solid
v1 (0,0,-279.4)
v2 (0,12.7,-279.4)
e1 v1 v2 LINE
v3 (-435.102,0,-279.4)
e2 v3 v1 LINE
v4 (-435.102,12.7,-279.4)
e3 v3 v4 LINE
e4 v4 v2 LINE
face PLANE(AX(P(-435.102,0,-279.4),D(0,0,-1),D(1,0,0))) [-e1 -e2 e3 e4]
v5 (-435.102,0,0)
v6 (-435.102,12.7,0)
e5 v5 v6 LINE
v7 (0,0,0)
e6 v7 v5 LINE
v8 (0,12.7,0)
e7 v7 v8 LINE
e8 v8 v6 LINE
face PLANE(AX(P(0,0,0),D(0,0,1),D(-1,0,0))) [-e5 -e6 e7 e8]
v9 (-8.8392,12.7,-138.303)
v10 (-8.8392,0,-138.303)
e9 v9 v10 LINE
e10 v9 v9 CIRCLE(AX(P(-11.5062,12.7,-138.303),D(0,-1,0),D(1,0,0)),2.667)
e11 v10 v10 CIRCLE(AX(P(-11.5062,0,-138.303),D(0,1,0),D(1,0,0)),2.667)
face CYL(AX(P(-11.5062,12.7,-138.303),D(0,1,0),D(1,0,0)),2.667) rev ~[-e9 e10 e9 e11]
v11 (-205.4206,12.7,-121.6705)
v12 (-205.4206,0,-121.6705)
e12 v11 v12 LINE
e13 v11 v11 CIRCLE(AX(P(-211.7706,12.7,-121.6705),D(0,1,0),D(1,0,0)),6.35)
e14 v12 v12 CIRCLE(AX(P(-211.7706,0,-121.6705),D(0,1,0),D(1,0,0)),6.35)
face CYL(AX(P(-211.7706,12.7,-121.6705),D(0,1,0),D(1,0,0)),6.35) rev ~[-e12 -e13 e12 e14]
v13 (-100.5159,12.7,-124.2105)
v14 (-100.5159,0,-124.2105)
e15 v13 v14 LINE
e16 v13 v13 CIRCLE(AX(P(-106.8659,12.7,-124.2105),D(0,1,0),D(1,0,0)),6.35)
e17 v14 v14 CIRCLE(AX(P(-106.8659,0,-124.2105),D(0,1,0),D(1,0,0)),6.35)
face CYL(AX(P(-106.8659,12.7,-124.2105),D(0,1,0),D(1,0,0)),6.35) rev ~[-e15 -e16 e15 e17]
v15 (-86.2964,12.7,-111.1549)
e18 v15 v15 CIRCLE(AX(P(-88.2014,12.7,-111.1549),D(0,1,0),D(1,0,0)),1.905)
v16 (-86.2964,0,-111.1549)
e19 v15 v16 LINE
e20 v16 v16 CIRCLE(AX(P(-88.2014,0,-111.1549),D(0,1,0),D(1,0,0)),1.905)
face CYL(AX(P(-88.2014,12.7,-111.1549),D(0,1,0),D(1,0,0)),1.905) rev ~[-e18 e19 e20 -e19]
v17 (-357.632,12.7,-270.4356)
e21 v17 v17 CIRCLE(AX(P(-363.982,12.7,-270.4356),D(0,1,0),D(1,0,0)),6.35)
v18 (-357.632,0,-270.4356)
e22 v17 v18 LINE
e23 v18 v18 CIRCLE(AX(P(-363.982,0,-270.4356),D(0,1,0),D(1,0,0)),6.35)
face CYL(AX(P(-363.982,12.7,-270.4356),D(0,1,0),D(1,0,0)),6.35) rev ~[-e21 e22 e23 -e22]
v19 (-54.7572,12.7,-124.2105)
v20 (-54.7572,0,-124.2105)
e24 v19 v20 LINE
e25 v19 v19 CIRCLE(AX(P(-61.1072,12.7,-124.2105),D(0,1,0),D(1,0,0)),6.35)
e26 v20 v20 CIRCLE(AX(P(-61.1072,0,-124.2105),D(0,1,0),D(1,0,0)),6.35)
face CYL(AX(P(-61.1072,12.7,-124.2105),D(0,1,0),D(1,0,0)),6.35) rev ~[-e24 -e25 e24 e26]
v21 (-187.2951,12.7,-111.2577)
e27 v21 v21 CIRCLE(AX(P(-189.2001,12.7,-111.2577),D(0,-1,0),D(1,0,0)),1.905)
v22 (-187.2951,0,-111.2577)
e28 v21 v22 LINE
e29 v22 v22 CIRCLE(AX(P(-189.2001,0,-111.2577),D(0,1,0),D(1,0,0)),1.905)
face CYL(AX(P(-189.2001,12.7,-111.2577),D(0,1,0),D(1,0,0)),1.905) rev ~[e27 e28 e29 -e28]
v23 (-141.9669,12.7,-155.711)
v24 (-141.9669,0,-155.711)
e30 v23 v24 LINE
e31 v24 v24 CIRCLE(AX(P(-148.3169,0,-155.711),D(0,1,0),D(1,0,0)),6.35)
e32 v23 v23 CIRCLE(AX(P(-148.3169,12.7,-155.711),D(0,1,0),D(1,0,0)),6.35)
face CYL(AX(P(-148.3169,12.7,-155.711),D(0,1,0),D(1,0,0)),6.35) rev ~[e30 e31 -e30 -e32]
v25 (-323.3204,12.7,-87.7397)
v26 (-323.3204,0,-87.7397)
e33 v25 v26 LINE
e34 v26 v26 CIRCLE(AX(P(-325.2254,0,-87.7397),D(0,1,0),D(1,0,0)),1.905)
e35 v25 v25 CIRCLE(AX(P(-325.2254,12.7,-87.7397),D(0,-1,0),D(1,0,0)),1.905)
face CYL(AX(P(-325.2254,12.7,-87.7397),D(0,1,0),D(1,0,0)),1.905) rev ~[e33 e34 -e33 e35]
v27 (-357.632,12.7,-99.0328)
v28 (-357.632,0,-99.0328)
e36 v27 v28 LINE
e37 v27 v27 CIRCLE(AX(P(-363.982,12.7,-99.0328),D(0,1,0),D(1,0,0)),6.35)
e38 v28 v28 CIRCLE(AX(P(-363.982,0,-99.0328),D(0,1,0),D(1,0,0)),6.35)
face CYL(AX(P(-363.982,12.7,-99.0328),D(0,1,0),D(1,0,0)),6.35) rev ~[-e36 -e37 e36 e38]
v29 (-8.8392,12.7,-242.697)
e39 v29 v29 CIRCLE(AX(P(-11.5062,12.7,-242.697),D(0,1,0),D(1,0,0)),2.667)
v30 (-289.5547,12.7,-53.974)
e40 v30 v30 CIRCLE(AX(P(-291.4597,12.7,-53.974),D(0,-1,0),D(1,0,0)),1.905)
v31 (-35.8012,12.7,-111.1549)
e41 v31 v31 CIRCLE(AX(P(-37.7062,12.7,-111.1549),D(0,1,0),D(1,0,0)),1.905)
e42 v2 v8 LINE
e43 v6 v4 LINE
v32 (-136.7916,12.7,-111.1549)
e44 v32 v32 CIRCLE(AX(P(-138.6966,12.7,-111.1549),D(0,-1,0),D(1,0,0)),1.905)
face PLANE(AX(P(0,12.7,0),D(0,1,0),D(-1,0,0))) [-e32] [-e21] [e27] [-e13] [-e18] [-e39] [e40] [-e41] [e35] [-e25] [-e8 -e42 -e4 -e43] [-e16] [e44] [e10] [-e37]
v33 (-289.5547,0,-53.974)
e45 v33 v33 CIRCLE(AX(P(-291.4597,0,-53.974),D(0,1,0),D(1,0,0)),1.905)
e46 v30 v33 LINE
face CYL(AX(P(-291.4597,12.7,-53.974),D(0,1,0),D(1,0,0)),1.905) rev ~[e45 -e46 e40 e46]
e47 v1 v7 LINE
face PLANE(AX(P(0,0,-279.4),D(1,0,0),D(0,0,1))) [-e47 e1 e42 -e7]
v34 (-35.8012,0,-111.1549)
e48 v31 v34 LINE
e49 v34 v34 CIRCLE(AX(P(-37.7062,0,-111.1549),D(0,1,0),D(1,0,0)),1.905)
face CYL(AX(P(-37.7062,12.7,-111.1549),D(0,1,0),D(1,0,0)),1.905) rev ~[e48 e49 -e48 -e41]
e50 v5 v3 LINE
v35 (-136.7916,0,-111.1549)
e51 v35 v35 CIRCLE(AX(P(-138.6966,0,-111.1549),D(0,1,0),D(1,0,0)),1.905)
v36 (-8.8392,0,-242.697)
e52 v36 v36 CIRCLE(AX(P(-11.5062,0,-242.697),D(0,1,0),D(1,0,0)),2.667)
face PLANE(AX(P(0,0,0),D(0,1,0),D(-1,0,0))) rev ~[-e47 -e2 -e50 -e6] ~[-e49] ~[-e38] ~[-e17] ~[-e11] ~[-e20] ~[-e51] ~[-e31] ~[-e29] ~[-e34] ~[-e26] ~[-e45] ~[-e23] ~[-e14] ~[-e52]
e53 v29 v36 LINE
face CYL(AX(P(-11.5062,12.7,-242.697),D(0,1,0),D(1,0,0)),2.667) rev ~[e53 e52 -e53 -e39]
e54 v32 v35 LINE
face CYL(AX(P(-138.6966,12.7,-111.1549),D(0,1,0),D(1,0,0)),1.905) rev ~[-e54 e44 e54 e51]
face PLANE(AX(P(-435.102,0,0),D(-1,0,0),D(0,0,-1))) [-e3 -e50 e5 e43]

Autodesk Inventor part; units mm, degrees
ref_plane "YZ Plane" through (0, 0, 0) normal (1, 0, 0) x (0, 1, 0)
ref_plane "XZ Plane" through (0, 0, 0) normal (0, 1, 0) x (-1, 0, 0)
ref_plane "XY Plane" through (0, 0, 0) normal (0, 0, 1) x (1, 0, 0)
sketch "Sketch1" plane through (0, 0, 0) normal (0, 1, 0) x (-1, 0, 0)
  line L0 (0, 0) -> (435.102, 0)
  line L1 (435.102, 0) -> (435.102, -279.4)
  line L2 (435.102, -279.4) -> (0, -279.4)
  line L3 (0, -279.4) -> (0, 0)
  dimension "d0" = 435.102
  dimension "d1" = 279.4
extrude "Extrusion1" add sketch "Sketch1" along normal blind 12.7
sketch "Sketch2" plane through (0, 12.7, 0) normal (0, 1, 0) x (1, 0, 0)
  line L0 (0, 0) -> (0, 279.4) projected
  line L1 (-435.102, 279.4) -> (-435.102, 0) projected
  line L2 (-435.102, 0) -> (0, 0) projected
  line L3 (-190.5, 139.7) -> (0, 139.7)
  line L4 (0, 279.4) -> (-435.102, 279.4) projected
  line L5 (0, 279.4) -> (0, 139.7)
  line L6 (0, 0) -> (0, 139.7)
  circle A0 centre (-11.5062, 138.303) radius 2.667
  circle A1 centre (-11.5062, 242.697) radius 2.667
  dimension "d8" = 5.334
  dimension "d10" = 5.334
  dimension "d20" = 11.5062
  dimension "d21" = 11.5062
extrude "Extrusion2" cut sketch "Sketch2" against normal blind 12.7 contours A0 L3 | L3 A0 | A1
thread "Thread1" size "12-24 UNC" class "2B" standard "ANSI Unified Screw Threads" full length
thread "Thread2" size "12-24 UNC" class "2B" standard "ANSI Unified Screw Threads" full length
sketch "Sketch9" plane through (0, 12.7, 0) normal (0, 1, 0) x (1, 0, 0)
  line L0 (-435.102, 279.4) -> (-435.102, 0) projected
  line L1 (0, 279.4) -> (-435.102, 279.4) projected
  line L2 (-228.6, 279.4) -> (-114.6048, 279.4)
  circle A0 centre (-228.6, 165.4048) radius 1.905
  circle A1 centre (-276.352, 165.4048) radius 1.905
  point P0 (0, 0)
  dimension "d59" = 3.81
  dimension "d61" = 113.9952
  dimension "d63" = 3.81
  dimension "d64" = 47.752
extrude "Extrusion6" cut sketch "Sketch9" against normal blind 25.4
sketch "Sketch10" plane through (0, 12.7, 0) normal (0, 1, 0) x (1, 0, 0)
  circle A0 centre (-73.9111, 98.5347) radius 1.9812 projected
  line L0 (-73.9111, 98.5347) -> (-179.5995, 98.5347)
  circle A1 centre (-179.5995, 98.5347) radius 1.905
  point P0 (0, 0)
  dimension "d67" = 3.81
sketch "Sketch11" plane through (0, 12.7, 0) normal (0, 1, 0) x (1, 0, 0)
  circle A0 centre (-138.6966, 96.5535) radius 1.9812 projected
  circle A1 centre (-138.6966, 96.5535) radius 1.9812
  circle A2 centre (-73.9111, 98.5347) radius 1.9812 projected
  circle A3 centre (-73.9111, 98.5347) radius 1.9812
  circle A4 centre (-138.6966, 96.5535) radius 1.9812 projected
  circle A5 centre (-189.4966, 96.5535) radius 1.905
  circle A6 centre (-138.6966, 274.9457) radius 1.905
  circle A7 centre (-189.4966, 276.8507) radius 1.905
  line L0 (-233.5122, 296.5851) -> (-202.1873, 265.2602)
  line L1 (-198.1568, 261.2297) -> (-195.5777, 258.6506)
  line L2 (-147.3568, 261.2297) -> (-144.7777, 258.6506)
  line L3 (-182.7122, 296.5851) -> (-151.3873, 265.2602)
  line L4 (-147.3154, 108.6372) -> (-144.7363, 111.2163)
  line L5 (-151.3873, 104.6481) -> (-182.7122, 73.3232)
  line L6 (-195.5777, 111.2577) -> (-198.1568, 108.6786)
  line L7 (-202.1873, 104.6481) -> (-233.5122, 73.3232)
  circle A8 centre (-228.6, 165.4048) radius 1.905 projected
  circle A9 centre (-276.352, 165.4048) radius 1.905 projected
  circle A10 centre (-11.5062, 138.303) radius 2.667 projected
  circle A11 centre (-11.5062, 242.697) radius 2.667 projected
  line L8 (-435.102, 0) -> (0, 0) projected
  line L9 (0, 0) -> (0, 279.4) projected
  line L10 (0, 279.4) -> (-435.102, 279.4) projected
  line L11 (-435.102, 279.4) -> (-435.102, 0) projected
  line L12 (-189.2001, 247.8995) -> (-37.7952, 247.8995)
  line L13 (-189.2001, 133.1005) -> (-39.5732, 133.1005)
  line L14 (-138.6966, 133.1005) -> (-138.6966, 122.2293)
  line L15 (-195.5777, 122.2293) -> (-196.8672, 259.9401)
  line L16 (-144.7777, 258.6506) -> (-147.3147, 111.2577)
  line L17 (-147.3147, 111.2577) -> (-195.5777, 111.2577)
  line L18 (-195.5777, 111.2577) -> (-195.5777, 122.2293)
  line L19 (-138.6966, 122.2293) -> (-195.5777, 122.2293)
  line L20 (-138.6966, 122.2293) -> (-138.6966, 111.1549)
  circle A12 centre (-138.6966, 111.1549) radius 1.905
  circle A13 centre (-189.2001, 111.2577) radius 1.905
  circle A14 centre (-138.6966, 96.5535) radius 1.9812
  circle A15 centre (-189.4966, 96.5535) radius 1.905
  circle A16 centre (-111.9102, 274.9457) radius 1.9812
  circle A17 centre (-138.6966, 274.9457) radius 1.905
  circle A18 centre (-189.4966, 276.8507) radius 1.905
  circle A19 centre (-228.6, 165.4048) radius 1.905 projected
  circle A20 centre (-228.6, 165.4048) radius 1.905
  circle A21 centre (-276.352, 165.4048) radius 1.905 projected
  circle A22 centre (-276.352, 165.4048) radius 1.905
  dimension "d72" = 3.81
  dimension "d77" = 3.81
  dimension "d78" = 3.81
  dimension "d127" = 21.8842
  dimension "d128" = 10.8712
  dimension "d129" = 11.0744
  dimension "d130" = 3.81
  dimension "d131" = 3.81
extrude "Extrusion7" add sketch "Sketch10" against normal blind 12.7 contours A0
extrude "Extrusion8" cut sketch "Sketch11" against normal blind 12.7 contours A5
sketch "Sketch12" plane through (0, 12.7, 0) normal (0, 1, 0) x (1, 0, 0)
  circle A0 centre (-111.9102, 274.9457) radius 1.9812 projected
  circle A1 centre (-111.9102, 274.9457) radius 1.9812
  circle A2 centre (-50.2837, 276.9269) radius 1.9812 projected
  circle A3 centre (-50.2837, 276.9269) radius 1.9812
  point P0 (0, 0)
extrude "Extrusion9" add sketch "Sketch12" against normal blind 12.7
sketch "Sketch13" plane through (0, 12.7, 0) normal (0, 1, 0) x (1, 0, 0)
  circle A0 centre (-189.4966, 96.5535) radius 1.905 projected
  circle A1 centre (-138.6966, 96.5535) radius 1.9812 projected
  line L0 (-435.102, 279.4) -> (0, 279.4) projected
  circle A2 centre (-138.6966, 273.3548) radius 1.905
  circle A3 centre (-189.4966, 273.3548) radius 1.905
  point P0 (0, 0)
  dimension "d79" = 3.81
  dimension "d80" = 3.81
extrude "Extrusion10" cut sketch "Sketch13" against normal blind 12.7 contours A2 | A3
sketch "Sketch15" plane through (0, 0, 0) normal (0, -1, 0) x (1, 0, 0)
  circle A0 centre (-189.4966, -273.3548) radius 1.905 projected
  circle A1 centre (-189.4966, -273.3548) radius 1.905
  circle A2 centre (-138.6966, -273.3548) radius 1.905 projected
  circle A3 centre (-138.6966, -273.3548) radius 1.905
  point P0 (0, 0)
extrude "Extrusion12" add sketch "Sketch15" against normal blind 12.7
sketch "Sketch16" plane through (0, 12.7, 0) normal (0, 1, 0) x (1, 0, 0)
  circle A0 centre (-301.5668, 273.3548) radius 1.905
  circle A1 centre (-253.8148, 273.3548) radius 1.905
  point P0 (0, 0)
  dimension "d89" = 3.81
  dimension "d90" = 3.81
  dimension "d91" = 47.752
extrude "Extrusion13" cut sketch "Sketch16" against normal blind 12.7
sketch "Sketch17" plane through (0, 12.7, 0) normal (0, 1, 0) x (1, 0, 0)
  circle A0 centre (-228.6, 165.4048) radius 1.905 projected
  circle A1 centre (-228.6, 165.4048) radius 1.905
  circle A2 centre (-276.352, 165.4048) radius 1.905 projected
  circle A3 centre (-276.352, 165.4048) radius 1.905
  point P0 (0, 0)
extrude "Extrusion14" add sketch "Sketch17" against normal blind 12.7
sketch "Sketch18" plane through (0, 12.7, 0) normal (0, 1, 0) x (1, 0, 0)
  circle A0 centre (-154.6206, 259.3143) radius 6.35
  circle A1 centre (-199.1169, 258.3518) radius 6.35
  circle A2 centre (-211.7706, 121.6705) radius 6.35
  circle A3 centre (-148.3169, 155.711) radius 6.35
  circle A4 centre (-363.982, 103.99) radius 6.35
  circle A5 centre (-363.982, 266.5172) radius 6.35
  line L0 (-435.102, 279.4) -> (-435.102, 0) projected
  line L1 (-182.8964, 164.601) -> (-33.2695, 164.601) projected
  line L2 (-192.48, 267.7748) -> (-192.48, 273.9984) projected
  point P0 (0, 0)
  dimension "d102" = 12.7
  dimension "d103" = 12.7
  dimension "d105" = 12.7
  dimension "d106" = 12.7
  dimension "d107" = 12.7
  dimension "d109" = 12.7
  dimension "d110" = 71.12
  dimension "d111" = 71.12
  dimension "d124" = 8.89
  dimension "d126" = 6.6369
extrude "Extrusion15" cut sketch "Sketch18" against normal blind 12.7 contours A0 | A1 | A2 | A3
sketch "Sketch19" plane through (0, 12.7, 0) normal (0, 1, 0) x (1, 0, 0)
  circle A0 centre (-363.982, 270.4356) radius 6.35
  line L0 (-435.102, 279.4) -> (-435.102, 0) projected
  circle A1 centre (-363.982, 99.0328) radius 6.35
  circle A2 centre (-148.3169, 155.711) radius 6.35 projected
  line L1 (-182.8964, 164.601) -> (-33.2695, 164.601) projected
  point P0 (0, 0)
  dimension "d114" = 12.7
  dimension "d116" = 71.12
  dimension "d117" = 12.7
  dimension "d119" = 71.12
extrude "Extrusion16" cut sketch "Sketch19" against normal blind 12.7 contours A0 | A1
sketch "Sketch21" plane through (0, 12.7, 0) normal (0, 1, 0) x (1, 0, 0)
  circle A0 centre (-138.6966, 96.5535) radius 1.9812
  circle A1 centre (-138.6966, 96.5535) radius 1.9812
  circle A2 centre (-73.9111, 98.5347) radius 1.9812
  circle A3 centre (-73.9111, 98.5347) radius 1.9812
  circle A4 centre (-138.6966, 96.5535) radius 1.9812
  circle A5 centre (-189.4966, 96.5535) radius 1.905
  circle A6 centre (-138.6966, 274.9457) radius 1.905
  circle A7 centre (-189.4966, 276.8507) radius 1.905
  line L0 (-198.1568, 261.2297) -> (-195.5777, 258.6506)
  line L1 (-147.3568, 261.2297) -> (-144.7777, 258.6506)
  line L2 (-147.3154, 108.6372) -> (-144.7363, 111.2163)
  line L3 (-151.3873, 104.6481) -> (-182.7122, 73.3232)
  line L4 (-195.5777, 111.2577) -> (-198.1568, 108.6786)
  line L5 (-202.1873, 104.6481) -> (-233.5122, 73.3232)
  circle A8 centre (-228.6, 273.3548) radius 1.905
  circle A9 centre (-276.352, 273.3548) radius 1.905
  circle A10 centre (-111.9102, 274.9457) radius 1.9812
  circle A11 centre (-138.6966, 96.5535) radius 1.9812
  circle A12 centre (-50.2837, 276.9269) radius 1.9812
  circle A13 centre (-11.5062, 138.303) radius 2.667
  circle A14 centre (-11.5062, 242.697) radius 2.667
  line L6 (-189.2001, 247.8995) -> (-37.7952, 247.8995)
  line L7 (-189.2001, 133.1005) -> (-39.5732, 133.1005)
  line L8 (-138.6966, 133.1005) -> (-138.6966, 122.2293)
  line L9 (-195.5777, 122.2293) -> (-196.8672, 259.9401)
  line L10 (-144.7777, 258.6506) -> (-147.3147, 111.2577)
  line L11 (-147.3147, 111.2577) -> (-195.5777, 111.2577)
  line L12 (-195.5777, 111.2577) -> (-195.5777, 122.2293)
  line L13 (-138.6966, 122.2293) -> (-195.5777, 122.2293)
  line L14 (-138.6966, 122.2293) -> (-138.6966, 111.1549)
  circle A15 centre (-138.6966, 111.1549) radius 1.905
  circle A16 centre (-189.2001, 111.2577) radius 1.905
  point P0 (0, 0)
  point P1 (-202.1873, 265.2602)
  point P2 (-151.3873, 265.2602)
  dimension "d132" = 3.81
  dimension "d133" = 3.81
  dimension "d134" = 3.81
  dimension "d135" = 21.8842
  dimension "d136" = 10.8712
  dimension "d137" = 11.0744
  dimension "d138" = 3.81
  dimension "d139" = 3.81
extrude "Extrusion17" cut sketch "Sketch21" against normal blind 12.7 contours A15 | A16 L11 | L11 A16
sketch "Sketch22" plane through (0, 12.7, 0) normal (0, 1, 0) x (1, 0, 0)
  circle A0 centre (-138.6966, 289.5514) radius 1.905 projected
  circle A1 centre (-138.6966, 289.5514) radius 1.905
  circle A2 centre (-189.4966, 291.4564) radius 1.905 projected
  circle A3 centre (-189.4966, 291.4564) radius 1.905
  circle A4 centre (-253.8148, 273.3548) radius 1.905 projected
  circle A5 centre (-253.8148, 273.3548) radius 1.905
  circle A6 centre (-301.5668, 273.3548) radius 1.905 projected
  circle A7 centre (-301.5668, 273.3548) radius 1.905
  circle A8 centre (-189.4966, 96.5535) radius 1.905 projected
  circle A9 centre (-189.4966, 96.5535) radius 1.905
  circle A10 centre (-138.6966, 96.5535) radius 1.9812 projected
  circle A11 centre (-138.6966, 96.5535) radius 1.9812
  point P0 (0, 0)
extrude "Extrusion18" add sketch "Sketch22" against normal blind 12.7
sketch "Sketch24" plane through (-189.4966, 12.7, -291.4564) normal (0, 1, 0) x (1, 0, 0)
  circle A0 centre (50.8, -1.905) radius 1.905 projected
  circle A1 centre (50.8, -1.905) radius 1.905
  circle A2 centre (0, 0) radius 1.905 projected
  circle A3 centre (0, 0) radius 1.905
  point P0 (189.4966, -291.4564)
extrude "Extrusion19" cut sketch "Sketch24" against normal blind 12.7
sketch "Sketch25" plane through (0, 12.7, 0) normal (0, 1, 0) x (1, 0, 0)
  circle A0 centre (-325.2254, 87.7397) radius 1.905
  circle A1 centre (-291.4597, 53.974) radius 1.905
  line L0 (-325.2254, 87.7397) -> (-291.4597, 53.974)
  point P0 (0, 0)
  dimension "d147" = 3.81
  dimension "d148" = 3.81
  dimension "d152" = 47.752
extrude "Extrusion20" cut sketch "Sketch25" against normal blind 12.7
sketch "Sketch26" plane through (0, 12.7, 0) normal (0, 1, 0) x (1, 0, 0)
  circle A0 centre (-88.2014, 111.1549) radius 1.905
  circle A1 centre (-138.6966, 111.1549) radius 1.905 projected
  circle A2 centre (-37.7062, 111.1549) radius 1.905
  point P0 (0, 0)
  dimension "d155" = 3.81
  dimension "d156" = 50.4952
  dimension "d157" = 3.81
  dimension "d158" = 50.4952
extrude "Extrusion21" cut sketch "Sketch26" against normal blind 12.7 contours A0 | A2
sketch "Sketch27" plane through (0, 12.7, 0) normal (0, 1, 0) x (1, 0, 0)
  circle A0 centre (-106.8659, 124.2105) radius 6.35
  circle A1 centre (-148.3169, 155.711) radius 6.35 projected
  circle A2 centre (-61.1072, 124.2105) radius 6.35
  point P0 (0, 0)
  dimension "d162" = 12.7
  dimension "d163" = 12.7
extrude "Extrusion22" cut sketch "Sketch27" against normal blind 12.7 contours A0 | A2
sketch "Sketch29" plane through (0, 12.7, 0) normal (0, 1, 0) x (1, 0, 0)
  circle A0 centre (-199.1169, 258.3518) radius 6.35 projected
  circle A1 centre (-199.1169, 258.3518) radius 6.35
  circle A2 centre (-154.6206, 259.3143) radius 6.35 projected
  circle A3 centre (-154.6206, 259.3143) radius 6.35
  point P0 (0, 0)
extrude "Extrusion23" add sketch "Sketch29" against normal blind 12.7
properties part number "board_15x15x0.5"
